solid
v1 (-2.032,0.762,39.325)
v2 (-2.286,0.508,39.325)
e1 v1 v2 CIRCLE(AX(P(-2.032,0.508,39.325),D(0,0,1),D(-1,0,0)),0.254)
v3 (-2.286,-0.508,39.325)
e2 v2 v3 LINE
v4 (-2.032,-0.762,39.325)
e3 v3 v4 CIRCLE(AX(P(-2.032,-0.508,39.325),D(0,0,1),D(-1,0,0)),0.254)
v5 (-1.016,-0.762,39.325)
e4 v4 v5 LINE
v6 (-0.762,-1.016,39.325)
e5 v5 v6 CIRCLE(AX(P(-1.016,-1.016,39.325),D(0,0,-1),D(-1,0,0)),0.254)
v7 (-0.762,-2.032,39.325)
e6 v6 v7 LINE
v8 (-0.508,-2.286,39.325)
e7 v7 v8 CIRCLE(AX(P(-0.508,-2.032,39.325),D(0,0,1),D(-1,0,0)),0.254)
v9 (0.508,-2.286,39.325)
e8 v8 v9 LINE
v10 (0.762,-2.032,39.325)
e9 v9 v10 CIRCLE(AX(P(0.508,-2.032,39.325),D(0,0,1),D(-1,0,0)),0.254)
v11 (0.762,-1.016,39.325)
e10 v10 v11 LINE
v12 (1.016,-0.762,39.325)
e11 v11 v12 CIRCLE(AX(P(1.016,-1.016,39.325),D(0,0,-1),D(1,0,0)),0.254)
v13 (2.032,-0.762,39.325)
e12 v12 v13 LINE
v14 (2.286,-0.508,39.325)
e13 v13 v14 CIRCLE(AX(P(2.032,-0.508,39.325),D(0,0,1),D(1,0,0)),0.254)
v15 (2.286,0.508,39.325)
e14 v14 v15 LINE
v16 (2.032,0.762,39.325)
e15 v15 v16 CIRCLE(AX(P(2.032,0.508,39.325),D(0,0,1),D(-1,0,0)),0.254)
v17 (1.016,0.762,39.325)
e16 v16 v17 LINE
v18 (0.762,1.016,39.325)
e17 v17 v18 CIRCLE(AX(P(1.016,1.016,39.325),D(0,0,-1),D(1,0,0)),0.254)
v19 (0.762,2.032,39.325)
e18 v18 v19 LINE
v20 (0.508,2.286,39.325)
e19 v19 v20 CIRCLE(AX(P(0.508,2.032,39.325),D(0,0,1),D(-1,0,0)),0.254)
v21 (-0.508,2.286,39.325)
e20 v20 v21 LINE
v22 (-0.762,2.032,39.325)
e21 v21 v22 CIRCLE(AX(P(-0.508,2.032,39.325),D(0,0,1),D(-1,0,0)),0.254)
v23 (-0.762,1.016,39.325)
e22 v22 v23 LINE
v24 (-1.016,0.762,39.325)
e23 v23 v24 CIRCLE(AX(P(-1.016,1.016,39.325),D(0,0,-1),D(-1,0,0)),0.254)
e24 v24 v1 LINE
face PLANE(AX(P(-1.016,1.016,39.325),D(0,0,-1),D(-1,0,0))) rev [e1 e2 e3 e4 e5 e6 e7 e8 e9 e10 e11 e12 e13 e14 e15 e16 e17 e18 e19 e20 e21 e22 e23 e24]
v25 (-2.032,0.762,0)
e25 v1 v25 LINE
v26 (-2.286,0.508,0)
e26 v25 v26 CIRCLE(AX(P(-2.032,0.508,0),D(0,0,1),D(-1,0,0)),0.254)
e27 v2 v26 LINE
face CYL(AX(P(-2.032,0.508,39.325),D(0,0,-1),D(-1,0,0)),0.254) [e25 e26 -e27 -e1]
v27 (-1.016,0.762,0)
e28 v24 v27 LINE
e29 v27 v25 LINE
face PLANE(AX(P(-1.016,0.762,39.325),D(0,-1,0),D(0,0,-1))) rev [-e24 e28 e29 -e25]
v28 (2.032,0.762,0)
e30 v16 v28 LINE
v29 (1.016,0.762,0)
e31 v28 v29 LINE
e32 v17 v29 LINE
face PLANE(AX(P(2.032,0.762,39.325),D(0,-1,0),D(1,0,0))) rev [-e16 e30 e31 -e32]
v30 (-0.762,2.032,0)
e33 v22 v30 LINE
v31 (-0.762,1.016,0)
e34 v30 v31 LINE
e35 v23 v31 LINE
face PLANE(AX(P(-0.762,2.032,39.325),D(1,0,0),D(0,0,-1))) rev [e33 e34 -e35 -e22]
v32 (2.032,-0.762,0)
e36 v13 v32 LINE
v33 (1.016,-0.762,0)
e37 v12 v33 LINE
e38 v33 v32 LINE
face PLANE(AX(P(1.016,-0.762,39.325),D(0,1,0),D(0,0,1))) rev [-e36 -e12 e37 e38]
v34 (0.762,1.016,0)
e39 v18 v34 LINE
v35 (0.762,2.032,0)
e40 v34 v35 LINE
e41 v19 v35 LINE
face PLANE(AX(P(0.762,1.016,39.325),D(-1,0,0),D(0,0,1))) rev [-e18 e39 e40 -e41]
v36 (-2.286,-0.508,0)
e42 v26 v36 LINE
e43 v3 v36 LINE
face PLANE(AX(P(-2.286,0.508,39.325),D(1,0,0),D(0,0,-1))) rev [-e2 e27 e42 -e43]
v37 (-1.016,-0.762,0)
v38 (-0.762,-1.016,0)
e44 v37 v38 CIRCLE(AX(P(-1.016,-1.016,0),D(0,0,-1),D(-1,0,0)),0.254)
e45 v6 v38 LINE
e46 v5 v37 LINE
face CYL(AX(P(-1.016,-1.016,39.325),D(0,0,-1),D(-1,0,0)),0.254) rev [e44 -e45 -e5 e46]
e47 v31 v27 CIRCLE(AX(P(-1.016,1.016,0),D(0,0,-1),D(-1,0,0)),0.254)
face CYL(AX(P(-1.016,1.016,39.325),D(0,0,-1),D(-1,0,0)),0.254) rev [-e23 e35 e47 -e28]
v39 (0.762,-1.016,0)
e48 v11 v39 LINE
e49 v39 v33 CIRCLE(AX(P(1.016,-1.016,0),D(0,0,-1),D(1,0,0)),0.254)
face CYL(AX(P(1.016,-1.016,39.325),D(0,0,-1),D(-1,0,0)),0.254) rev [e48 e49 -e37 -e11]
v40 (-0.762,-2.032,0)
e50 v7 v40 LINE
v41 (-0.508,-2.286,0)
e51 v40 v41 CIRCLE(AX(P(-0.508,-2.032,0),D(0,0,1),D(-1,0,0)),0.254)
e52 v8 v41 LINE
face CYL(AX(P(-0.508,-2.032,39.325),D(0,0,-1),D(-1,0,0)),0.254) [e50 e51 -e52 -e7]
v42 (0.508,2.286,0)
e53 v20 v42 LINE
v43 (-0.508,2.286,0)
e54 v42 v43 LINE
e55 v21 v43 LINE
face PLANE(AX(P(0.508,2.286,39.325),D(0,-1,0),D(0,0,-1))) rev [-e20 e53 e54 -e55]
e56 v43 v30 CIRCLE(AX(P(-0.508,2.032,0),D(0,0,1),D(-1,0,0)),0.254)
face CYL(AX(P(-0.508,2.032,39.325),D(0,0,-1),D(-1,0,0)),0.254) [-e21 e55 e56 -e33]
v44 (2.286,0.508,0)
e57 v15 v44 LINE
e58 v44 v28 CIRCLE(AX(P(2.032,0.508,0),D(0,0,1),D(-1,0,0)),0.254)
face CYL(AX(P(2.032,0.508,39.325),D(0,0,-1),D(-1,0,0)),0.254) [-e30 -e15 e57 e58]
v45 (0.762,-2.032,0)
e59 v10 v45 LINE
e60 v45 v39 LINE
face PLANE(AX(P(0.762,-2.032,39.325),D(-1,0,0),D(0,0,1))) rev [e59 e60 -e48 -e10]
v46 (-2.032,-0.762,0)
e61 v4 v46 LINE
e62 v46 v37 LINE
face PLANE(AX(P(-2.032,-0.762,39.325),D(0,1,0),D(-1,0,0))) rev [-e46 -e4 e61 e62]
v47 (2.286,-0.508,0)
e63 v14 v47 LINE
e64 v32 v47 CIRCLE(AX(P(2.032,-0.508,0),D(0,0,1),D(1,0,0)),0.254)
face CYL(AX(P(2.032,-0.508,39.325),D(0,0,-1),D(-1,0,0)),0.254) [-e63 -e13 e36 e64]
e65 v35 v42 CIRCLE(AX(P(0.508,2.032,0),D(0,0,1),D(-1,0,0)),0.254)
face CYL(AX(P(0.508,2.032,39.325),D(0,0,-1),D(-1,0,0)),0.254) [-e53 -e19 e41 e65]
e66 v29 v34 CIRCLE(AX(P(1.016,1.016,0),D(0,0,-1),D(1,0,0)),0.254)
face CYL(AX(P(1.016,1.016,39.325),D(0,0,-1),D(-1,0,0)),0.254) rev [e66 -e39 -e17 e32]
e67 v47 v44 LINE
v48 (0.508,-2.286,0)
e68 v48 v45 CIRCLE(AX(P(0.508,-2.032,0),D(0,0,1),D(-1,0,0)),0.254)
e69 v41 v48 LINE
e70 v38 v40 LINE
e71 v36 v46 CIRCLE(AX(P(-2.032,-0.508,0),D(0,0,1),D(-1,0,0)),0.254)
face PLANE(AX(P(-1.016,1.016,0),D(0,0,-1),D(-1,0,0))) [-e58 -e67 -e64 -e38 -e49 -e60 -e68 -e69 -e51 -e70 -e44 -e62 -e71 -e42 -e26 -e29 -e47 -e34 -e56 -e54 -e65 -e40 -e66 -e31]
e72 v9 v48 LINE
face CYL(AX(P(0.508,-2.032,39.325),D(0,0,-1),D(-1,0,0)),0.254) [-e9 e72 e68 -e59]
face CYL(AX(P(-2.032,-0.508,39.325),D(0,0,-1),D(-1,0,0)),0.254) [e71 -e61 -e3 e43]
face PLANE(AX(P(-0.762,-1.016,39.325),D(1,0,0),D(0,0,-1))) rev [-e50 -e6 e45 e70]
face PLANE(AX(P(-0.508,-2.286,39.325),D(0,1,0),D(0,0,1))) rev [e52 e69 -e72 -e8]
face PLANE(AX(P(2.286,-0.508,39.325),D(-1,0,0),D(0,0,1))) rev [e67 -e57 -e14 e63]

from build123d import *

# Parameters (mm, degrees)
EXTRUDE1_DEPTH = 39.325


with BuildPart() as part:
    # Sketch1 → Extrude1 (new body)
    with BuildSketch(Plane.XY):
        with BuildLine():
            Line((-0.762, 2.032), (-0.762, 1.016))
            ThreePointArc((-0.762, 1.016), (-0.836394878, 0.836394878), (-1.016, 0.762))
            Line((-1.016, 0.762), (-2.032, 0.762))
            ThreePointArc((-2.032, 0.762), (-2.211605122, 0.687605122), (-2.286, 0.508))
            Line((-2.286, 0.508), (-2.286, -0.508))
            ThreePointArc((-2.286, -0.508), (-2.211605122, -0.687605122), (-2.032, -0.762))
            Line((-2.032, -0.762), (-1.016, -0.762))
            ThreePointArc((-1.016, -0.762), (-0.836394878, -0.836394878), (-0.762, -1.016))
            Line((-0.762, -1.016), (-0.762, -2.032))
            ThreePointArc((-0.762, -2.032), (-0.687605122, -2.211605122), (-0.508, -2.286))
            Line((-0.508, -2.286), (0.508, -2.286))
            ThreePointArc((0.508, -2.286), (0.687605122, -2.211605122), (0.762, -2.032))
            Line((0.762, -2.032), (0.762, -1.016))
            ThreePointArc((0.762, -1.016), (0.836394878, -0.836394878), (1.016, -0.762))
            Line((1.016, -0.762), (2.032, -0.762))
            ThreePointArc((2.032, -0.762), (2.211605122, -0.687605122), (2.286, -0.508))
            Line((2.286, -0.508), (2.286, 0.508))
            ThreePointArc((2.286, 0.508), (2.211605122, 0.687605122), (2.032, 0.762))
            Line((2.032, 0.762), (1.016, 0.762))
            ThreePointArc((1.016, 0.762), (0.836394878, 0.836394878), (0.762, 1.016))
            Line((0.762, 1.016), (0.762, 2.032))
            ThreePointArc((0.762, 2.032), (0.687605122, 2.211605122), (0.508, 2.286))
            Line((0.508, 2.286), (-0.508, 2.286))
            ThreePointArc((-0.508, 2.286), (-0.687605122, 2.211605122), (-0.762, 2.032))
        make_face()
    extrude(amount=EXTRUDE1_DEPTH)


solid = part.part
